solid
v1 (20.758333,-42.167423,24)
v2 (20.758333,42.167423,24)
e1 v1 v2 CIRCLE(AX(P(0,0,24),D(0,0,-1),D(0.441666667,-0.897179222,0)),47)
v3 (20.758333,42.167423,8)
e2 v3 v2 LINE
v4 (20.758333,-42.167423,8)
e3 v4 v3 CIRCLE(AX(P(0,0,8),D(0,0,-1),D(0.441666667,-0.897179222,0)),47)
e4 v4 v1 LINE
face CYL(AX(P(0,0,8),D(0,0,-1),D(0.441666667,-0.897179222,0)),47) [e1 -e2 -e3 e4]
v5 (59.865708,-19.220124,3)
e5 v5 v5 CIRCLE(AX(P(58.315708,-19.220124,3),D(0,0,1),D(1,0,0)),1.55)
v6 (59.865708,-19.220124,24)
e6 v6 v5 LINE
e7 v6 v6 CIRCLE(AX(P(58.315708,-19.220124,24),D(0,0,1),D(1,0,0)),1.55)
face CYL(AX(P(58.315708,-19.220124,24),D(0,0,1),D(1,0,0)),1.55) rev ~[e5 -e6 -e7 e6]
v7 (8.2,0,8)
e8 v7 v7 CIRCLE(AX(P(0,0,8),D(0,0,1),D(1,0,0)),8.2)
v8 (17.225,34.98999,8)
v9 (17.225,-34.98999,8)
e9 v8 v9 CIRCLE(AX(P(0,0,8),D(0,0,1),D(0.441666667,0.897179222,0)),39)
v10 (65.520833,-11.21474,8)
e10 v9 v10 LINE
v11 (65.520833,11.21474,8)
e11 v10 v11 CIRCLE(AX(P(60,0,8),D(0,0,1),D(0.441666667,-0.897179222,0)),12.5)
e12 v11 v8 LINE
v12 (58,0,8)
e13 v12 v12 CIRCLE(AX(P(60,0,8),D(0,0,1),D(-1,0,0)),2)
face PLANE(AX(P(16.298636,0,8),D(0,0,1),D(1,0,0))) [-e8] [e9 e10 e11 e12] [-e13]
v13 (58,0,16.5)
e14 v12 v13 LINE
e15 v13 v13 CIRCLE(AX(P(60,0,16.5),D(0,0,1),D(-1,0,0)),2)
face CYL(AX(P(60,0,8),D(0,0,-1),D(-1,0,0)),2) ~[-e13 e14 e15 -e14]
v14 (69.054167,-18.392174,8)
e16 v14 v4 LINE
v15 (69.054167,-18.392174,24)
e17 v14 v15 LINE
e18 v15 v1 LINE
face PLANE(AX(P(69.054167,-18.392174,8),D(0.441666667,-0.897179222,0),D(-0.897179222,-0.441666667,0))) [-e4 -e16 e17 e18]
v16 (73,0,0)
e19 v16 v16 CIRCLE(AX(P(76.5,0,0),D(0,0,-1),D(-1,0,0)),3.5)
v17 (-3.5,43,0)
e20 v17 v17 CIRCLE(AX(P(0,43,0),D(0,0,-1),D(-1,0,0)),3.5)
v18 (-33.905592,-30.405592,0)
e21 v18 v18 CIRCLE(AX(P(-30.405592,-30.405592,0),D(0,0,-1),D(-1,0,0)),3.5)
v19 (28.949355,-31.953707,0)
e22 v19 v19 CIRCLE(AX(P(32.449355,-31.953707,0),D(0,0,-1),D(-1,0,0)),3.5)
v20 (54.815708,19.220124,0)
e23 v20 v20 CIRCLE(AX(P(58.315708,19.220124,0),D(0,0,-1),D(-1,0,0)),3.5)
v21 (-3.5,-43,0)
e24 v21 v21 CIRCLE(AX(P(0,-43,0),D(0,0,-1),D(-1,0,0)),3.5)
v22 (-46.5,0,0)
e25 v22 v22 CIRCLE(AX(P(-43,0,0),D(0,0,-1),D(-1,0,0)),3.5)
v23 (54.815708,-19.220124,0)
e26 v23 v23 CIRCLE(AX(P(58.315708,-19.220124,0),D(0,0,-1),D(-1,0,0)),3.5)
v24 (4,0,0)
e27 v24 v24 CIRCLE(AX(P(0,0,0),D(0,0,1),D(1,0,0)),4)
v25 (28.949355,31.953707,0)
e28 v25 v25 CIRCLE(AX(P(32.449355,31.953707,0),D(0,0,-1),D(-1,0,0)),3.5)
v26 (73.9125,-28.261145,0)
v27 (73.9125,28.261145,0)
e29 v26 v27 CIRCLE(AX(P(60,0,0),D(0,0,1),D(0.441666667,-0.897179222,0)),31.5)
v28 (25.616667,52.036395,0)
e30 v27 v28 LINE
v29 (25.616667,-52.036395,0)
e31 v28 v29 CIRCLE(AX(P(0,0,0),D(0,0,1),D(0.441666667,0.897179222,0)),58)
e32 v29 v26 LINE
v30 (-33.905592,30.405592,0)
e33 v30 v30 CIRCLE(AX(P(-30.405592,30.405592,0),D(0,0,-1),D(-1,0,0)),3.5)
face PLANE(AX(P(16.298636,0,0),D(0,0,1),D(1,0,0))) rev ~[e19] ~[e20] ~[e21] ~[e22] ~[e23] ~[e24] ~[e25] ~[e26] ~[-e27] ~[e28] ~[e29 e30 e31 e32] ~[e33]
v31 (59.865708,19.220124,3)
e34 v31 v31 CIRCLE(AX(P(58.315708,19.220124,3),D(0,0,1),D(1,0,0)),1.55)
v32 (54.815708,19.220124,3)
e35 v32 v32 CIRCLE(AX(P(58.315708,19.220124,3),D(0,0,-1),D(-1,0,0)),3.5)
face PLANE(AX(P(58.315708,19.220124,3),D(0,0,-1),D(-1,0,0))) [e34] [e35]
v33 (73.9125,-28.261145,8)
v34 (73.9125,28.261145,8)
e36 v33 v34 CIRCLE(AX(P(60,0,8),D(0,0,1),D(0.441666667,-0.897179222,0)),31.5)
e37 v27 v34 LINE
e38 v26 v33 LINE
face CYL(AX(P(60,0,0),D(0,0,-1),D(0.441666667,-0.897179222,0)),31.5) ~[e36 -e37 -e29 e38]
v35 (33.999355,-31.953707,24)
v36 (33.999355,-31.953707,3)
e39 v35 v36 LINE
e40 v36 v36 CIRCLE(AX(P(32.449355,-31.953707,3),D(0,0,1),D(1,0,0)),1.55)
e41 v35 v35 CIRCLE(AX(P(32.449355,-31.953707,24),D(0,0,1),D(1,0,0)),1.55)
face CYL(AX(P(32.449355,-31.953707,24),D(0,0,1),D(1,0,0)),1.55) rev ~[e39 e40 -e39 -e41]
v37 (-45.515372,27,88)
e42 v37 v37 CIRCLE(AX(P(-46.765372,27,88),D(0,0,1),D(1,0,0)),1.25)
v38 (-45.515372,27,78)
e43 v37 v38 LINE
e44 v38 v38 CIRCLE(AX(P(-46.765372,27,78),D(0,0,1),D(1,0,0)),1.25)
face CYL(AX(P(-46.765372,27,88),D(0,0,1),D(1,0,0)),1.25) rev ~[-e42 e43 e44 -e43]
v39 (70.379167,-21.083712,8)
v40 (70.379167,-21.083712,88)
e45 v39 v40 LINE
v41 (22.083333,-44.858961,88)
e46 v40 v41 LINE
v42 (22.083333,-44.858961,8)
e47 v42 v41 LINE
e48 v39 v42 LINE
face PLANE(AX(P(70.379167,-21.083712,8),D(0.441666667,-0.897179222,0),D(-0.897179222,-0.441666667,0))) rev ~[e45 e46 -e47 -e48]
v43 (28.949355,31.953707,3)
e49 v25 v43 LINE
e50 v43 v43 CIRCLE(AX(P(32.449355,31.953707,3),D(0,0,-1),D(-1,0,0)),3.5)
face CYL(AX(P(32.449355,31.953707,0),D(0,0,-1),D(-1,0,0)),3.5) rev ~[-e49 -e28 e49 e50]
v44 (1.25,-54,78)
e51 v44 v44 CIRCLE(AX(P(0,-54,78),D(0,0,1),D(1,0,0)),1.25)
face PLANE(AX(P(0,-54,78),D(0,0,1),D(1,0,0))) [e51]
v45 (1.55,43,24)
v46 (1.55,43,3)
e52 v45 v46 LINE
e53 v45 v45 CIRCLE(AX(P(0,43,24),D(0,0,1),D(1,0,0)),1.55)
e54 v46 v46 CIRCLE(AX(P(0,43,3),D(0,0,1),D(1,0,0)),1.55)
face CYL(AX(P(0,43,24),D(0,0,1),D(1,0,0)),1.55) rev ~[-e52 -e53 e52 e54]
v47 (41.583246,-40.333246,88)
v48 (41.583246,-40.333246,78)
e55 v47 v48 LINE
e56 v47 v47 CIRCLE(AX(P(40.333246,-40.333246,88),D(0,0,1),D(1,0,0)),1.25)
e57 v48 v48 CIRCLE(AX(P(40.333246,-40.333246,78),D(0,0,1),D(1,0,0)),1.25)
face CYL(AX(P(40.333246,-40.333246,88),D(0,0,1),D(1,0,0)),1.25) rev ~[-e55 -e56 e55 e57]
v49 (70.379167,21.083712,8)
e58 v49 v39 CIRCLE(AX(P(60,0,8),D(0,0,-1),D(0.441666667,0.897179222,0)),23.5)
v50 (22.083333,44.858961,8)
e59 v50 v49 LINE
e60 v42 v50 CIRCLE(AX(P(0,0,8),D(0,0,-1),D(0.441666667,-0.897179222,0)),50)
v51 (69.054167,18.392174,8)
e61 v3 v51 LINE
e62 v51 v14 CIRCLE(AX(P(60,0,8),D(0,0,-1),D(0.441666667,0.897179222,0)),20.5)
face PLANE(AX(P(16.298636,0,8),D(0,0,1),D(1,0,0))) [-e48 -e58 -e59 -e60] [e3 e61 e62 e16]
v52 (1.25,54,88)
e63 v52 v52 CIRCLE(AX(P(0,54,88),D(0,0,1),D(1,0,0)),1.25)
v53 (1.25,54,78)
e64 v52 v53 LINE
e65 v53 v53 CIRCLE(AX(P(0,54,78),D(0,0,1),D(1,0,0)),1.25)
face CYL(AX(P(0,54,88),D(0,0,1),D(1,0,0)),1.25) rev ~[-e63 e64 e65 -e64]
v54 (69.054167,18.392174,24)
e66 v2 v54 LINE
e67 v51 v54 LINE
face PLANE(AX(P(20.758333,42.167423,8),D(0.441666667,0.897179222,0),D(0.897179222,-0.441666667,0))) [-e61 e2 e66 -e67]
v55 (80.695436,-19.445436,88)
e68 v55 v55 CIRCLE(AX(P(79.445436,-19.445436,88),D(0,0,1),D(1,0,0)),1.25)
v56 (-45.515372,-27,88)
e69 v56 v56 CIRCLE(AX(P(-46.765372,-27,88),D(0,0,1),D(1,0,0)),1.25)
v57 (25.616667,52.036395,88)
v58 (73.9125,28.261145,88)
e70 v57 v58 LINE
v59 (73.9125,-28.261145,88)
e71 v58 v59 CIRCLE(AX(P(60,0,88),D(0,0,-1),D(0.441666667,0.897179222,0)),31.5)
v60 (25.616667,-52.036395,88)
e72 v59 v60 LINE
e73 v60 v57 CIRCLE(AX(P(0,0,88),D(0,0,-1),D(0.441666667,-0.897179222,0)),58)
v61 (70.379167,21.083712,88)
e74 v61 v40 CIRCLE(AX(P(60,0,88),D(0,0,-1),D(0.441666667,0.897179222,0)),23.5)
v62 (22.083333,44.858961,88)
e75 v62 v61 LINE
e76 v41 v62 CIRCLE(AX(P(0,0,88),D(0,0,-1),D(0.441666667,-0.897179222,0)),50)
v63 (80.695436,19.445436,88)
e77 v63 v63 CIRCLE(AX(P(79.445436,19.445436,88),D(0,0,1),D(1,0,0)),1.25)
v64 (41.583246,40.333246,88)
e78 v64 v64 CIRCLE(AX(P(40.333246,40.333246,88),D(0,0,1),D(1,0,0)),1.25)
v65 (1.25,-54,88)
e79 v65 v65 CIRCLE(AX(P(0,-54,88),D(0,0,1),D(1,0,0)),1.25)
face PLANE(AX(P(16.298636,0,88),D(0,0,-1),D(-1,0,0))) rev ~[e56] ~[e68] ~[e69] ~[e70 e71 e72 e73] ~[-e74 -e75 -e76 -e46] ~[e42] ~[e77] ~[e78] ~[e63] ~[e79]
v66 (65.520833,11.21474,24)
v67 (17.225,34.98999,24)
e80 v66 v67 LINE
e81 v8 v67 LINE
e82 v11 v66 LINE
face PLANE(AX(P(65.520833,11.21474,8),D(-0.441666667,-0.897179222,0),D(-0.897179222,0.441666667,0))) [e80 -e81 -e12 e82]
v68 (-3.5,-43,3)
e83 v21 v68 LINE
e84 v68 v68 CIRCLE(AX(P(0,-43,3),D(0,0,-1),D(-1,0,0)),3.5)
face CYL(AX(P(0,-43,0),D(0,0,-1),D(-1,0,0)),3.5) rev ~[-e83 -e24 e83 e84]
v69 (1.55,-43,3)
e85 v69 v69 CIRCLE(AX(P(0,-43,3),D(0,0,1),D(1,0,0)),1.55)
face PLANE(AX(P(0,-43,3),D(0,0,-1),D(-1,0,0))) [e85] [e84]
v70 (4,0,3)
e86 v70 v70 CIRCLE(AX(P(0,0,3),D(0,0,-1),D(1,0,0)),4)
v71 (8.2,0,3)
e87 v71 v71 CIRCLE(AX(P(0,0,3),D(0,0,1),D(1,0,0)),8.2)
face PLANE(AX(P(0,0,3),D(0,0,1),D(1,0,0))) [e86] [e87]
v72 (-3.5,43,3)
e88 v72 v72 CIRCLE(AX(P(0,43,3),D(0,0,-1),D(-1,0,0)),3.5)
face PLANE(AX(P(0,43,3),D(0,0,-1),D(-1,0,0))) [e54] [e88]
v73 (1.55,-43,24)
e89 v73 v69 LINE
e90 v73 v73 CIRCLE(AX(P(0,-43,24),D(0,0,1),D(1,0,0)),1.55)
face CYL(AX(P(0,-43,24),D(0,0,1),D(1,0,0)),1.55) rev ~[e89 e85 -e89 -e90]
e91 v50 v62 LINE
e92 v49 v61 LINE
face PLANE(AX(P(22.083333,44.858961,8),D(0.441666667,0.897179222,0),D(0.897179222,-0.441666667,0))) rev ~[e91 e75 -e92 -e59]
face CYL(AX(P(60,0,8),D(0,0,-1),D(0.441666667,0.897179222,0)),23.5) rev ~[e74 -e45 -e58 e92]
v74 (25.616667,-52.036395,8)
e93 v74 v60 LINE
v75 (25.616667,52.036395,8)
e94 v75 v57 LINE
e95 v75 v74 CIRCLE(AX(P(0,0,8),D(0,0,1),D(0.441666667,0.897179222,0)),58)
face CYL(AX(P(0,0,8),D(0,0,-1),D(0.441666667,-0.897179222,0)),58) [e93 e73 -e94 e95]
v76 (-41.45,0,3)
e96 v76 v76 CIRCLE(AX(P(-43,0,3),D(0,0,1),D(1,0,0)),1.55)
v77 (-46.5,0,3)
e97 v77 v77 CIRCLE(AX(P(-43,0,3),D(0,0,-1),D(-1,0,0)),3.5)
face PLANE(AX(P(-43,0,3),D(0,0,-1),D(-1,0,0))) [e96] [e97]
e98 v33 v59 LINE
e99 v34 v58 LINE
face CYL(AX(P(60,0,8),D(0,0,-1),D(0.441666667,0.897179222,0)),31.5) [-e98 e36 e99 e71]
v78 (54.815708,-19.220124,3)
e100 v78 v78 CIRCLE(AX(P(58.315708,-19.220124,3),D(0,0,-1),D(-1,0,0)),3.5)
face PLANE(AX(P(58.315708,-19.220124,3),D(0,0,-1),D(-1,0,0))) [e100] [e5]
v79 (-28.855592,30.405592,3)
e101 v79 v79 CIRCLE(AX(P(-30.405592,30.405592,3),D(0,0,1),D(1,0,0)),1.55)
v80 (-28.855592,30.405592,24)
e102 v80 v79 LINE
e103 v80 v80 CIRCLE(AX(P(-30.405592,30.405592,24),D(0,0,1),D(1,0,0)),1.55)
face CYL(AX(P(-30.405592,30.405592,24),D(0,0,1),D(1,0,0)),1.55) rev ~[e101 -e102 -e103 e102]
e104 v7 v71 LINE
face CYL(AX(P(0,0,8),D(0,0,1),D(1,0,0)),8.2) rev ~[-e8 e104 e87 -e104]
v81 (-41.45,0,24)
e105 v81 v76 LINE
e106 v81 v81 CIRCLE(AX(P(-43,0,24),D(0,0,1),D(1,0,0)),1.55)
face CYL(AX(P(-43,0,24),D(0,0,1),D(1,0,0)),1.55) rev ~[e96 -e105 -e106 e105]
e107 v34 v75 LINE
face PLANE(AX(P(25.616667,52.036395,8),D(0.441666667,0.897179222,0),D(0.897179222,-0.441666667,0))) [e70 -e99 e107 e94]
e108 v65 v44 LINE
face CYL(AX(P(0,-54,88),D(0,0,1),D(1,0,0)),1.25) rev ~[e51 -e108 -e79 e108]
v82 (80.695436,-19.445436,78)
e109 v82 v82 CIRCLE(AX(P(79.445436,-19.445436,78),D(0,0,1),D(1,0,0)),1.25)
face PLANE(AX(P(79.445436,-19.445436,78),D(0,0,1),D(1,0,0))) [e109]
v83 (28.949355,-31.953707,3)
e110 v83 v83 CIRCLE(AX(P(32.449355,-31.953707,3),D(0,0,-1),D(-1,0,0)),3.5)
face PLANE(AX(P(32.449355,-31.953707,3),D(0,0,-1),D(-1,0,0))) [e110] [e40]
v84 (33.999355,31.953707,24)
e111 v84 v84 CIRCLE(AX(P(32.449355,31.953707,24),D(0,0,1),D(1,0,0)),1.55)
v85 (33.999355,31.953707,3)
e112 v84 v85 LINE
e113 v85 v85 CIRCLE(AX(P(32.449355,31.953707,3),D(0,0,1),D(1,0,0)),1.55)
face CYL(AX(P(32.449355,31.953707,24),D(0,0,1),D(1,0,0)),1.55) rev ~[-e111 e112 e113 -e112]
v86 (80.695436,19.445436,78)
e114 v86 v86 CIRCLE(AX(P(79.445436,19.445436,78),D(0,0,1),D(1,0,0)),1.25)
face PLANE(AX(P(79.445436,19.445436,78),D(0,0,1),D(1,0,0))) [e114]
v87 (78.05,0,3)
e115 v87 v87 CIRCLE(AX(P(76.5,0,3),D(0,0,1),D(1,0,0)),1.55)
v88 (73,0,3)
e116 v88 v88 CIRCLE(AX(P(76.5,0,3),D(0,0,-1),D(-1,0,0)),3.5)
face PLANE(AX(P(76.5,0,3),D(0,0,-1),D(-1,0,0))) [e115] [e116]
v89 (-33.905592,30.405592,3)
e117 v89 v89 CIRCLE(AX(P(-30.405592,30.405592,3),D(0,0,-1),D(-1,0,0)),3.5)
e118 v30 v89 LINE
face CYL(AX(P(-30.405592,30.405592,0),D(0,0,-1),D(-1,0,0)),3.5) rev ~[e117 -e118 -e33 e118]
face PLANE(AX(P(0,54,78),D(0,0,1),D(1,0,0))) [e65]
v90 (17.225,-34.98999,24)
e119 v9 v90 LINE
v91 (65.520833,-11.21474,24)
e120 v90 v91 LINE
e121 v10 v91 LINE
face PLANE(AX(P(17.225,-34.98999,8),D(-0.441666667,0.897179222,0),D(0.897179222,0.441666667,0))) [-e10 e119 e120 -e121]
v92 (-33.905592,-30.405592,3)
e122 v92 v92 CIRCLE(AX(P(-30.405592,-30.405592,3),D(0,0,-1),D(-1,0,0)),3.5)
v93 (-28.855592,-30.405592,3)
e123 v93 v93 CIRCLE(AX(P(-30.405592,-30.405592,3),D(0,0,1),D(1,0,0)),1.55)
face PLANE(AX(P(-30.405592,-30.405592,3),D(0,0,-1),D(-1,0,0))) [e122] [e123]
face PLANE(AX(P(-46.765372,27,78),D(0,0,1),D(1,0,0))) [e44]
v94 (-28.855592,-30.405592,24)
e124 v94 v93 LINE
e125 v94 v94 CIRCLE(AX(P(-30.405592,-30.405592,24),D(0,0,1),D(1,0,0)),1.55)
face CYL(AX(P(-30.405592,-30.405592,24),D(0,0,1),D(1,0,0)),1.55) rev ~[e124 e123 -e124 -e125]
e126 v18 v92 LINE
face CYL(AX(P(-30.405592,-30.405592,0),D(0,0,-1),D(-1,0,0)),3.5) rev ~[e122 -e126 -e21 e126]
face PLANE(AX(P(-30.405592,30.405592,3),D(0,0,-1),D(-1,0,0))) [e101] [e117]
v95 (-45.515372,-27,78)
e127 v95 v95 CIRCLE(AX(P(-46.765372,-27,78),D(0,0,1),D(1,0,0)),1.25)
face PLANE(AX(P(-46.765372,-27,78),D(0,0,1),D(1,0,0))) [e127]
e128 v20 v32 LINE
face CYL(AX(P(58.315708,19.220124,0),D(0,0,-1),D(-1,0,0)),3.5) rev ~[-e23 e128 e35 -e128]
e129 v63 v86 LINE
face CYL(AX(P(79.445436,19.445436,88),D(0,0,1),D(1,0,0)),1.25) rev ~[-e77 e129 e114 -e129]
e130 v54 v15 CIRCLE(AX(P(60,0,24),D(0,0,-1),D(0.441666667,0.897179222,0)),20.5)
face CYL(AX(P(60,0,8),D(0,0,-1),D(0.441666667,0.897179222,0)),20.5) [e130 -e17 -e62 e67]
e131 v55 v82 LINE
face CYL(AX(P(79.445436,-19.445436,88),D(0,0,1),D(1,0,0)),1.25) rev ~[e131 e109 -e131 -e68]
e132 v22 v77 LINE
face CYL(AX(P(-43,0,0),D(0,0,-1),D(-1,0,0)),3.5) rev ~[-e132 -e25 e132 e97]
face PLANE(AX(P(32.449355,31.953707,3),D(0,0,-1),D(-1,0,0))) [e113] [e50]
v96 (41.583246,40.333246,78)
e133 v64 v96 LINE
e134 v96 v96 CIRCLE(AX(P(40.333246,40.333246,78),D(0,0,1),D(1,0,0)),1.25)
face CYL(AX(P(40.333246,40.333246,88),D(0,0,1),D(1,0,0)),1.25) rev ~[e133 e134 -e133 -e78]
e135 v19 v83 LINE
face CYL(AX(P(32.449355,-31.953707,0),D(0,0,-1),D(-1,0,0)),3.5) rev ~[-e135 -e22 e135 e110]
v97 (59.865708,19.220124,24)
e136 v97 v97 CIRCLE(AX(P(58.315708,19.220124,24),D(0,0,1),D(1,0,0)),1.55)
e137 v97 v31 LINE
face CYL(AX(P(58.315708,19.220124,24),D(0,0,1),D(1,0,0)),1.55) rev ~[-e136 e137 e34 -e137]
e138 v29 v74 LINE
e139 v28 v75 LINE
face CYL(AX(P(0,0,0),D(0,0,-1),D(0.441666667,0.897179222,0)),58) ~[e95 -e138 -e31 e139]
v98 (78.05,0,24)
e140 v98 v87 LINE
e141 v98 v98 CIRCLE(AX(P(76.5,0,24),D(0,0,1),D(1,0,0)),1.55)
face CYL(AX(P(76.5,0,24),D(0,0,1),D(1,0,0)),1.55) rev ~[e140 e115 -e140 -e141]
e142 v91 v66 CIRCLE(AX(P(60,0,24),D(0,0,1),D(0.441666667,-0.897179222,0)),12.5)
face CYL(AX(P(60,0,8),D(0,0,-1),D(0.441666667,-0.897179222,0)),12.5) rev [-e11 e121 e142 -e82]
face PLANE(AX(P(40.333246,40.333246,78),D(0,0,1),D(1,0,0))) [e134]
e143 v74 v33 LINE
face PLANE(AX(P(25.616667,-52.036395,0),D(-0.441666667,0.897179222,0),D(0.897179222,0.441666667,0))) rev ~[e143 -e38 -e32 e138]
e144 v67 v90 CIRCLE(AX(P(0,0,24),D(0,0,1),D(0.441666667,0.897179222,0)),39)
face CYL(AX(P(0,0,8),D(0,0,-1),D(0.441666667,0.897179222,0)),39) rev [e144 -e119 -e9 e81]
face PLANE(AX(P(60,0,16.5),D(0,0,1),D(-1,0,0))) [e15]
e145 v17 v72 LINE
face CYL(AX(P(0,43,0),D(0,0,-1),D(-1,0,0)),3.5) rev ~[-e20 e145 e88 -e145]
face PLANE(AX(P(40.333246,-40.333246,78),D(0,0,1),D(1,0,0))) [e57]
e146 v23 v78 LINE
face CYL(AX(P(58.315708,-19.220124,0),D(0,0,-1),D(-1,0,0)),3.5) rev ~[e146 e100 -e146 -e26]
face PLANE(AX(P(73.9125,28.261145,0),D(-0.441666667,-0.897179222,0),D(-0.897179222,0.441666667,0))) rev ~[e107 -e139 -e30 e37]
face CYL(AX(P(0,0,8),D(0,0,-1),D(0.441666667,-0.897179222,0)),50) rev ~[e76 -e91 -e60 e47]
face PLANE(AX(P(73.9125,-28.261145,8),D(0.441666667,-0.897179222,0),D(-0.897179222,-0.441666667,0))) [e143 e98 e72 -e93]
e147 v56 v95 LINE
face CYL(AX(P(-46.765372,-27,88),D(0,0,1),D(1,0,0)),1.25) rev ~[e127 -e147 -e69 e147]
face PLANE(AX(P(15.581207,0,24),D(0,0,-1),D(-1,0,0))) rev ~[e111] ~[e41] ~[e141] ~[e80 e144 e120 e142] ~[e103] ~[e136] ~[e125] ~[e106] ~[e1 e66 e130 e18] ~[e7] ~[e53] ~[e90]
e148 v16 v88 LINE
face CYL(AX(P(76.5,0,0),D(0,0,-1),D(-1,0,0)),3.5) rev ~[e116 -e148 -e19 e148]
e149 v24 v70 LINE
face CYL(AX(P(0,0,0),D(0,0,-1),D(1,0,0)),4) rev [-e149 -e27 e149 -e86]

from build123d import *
from build123d.topology import SkipClean

# Parameters (mm, degrees)
SKETCH1_R           = 4
BOSS_EXTRUDE2_DEPTH = 8
BOSS_EXTRUDE3_DEPTH = 16
SKETCH6_R           = 1.55
CUT_EXTRUDE1_DEPTH  = 24
SKETCH7_R           = 8.2
CUT_EXTRUDE2_DEPTH  = 5
SKETCH8_R           = 2
BOSS_EXTRUDE4_DEPTH = 8.5
SKETCH9_R           = 3.5
CUT_EXTRUDE3_DEPTH  = 3
BOSS_EXTRUDE5_DEPTH = 80
SKETCH11_R          = 1.25
CUT_EXTRUDE4_DEPTH  = 10


with BuildPart() as part:
    # Sketch1 → Boss-Extrude2 (new body)
    with BuildSketch(Plane.XY):
        with BuildLine():
            Line((73.9125, 28.261145478), (25.616666667, 52.036394849))
            ThreePointArc((25.616666667, 52.036394849), (-58, 0), (25.616666667, -52.036394849))
            Line((25.616666667, -52.036394849), (73.9125, -28.261145478))
            ThreePointArc((73.9125, -28.261145478), (91.5, 0), (73.9125, 28.261145478))
        make_face()
        Circle(SKETCH1_R, mode=Mode.SUBTRACT)
    extrude(amount=BOSS_EXTRUDE2_DEPTH)

    # Sketch5 → Boss-Extrude3 (add)
    with BuildSketch(Plane.XY.offset(8)):
        with BuildLine():
            Line((20.758333333, 42.167423412), (69.054166667, 18.392174041))
            ThreePointArc((69.054166667, 18.392174041), (80.5, 0), (69.054166667, -18.392174041))
            Line((69.054166667, -18.392174041), (20.758333333, -42.167423412))
            ThreePointArc((20.758333333, -42.167423412), (-47, 0), (20.758333333, 42.167423412))
        make_face()
        with BuildLine():
            Line((65.520833333, 11.214740269), (17.225, 34.98998964))
            ThreePointArc((17.225, 34.98998964), (-39, 0), (17.225, -34.98998964))
            Line((17.225, -34.98998964), (65.520833333, -11.214740269))
            ThreePointArc((65.520833333, -11.214740269), (72.5, 0), (65.520833333, 11.214740269))
        make_face(mode=Mode.SUBTRACT)
    extrude(amount=BOSS_EXTRUDE3_DEPTH)

    # Sketch6 → Cut-Extrude1 (cut)
    with BuildSketch(Plane.XY.offset(24)):
        with Locations((0, 43)):
            Circle(SKETCH6_R)
        with Locations((-30.405591591, 30.405591591)):
            Circle(SKETCH6_R)
        with Locations((-43, 0)):
            Circle(SKETCH6_R)
        with Locations((-30.405591591, -30.405591591)):
            Circle(SKETCH6_R)
        with Locations((0, -43)):
            Circle(SKETCH6_R)
        with Locations((76.5, 0)):
            Circle(SKETCH6_R)
        with Locations((58.315707785, 19.220123822)):
            Circle(SKETCH6_R)
        with Locations((32.44935499, 31.953706526)):
            Circle(SKETCH6_R)
        with Locations((58.315707785, -19.220123822)):
            Circle(SKETCH6_R)
        with Locations((32.44935499, -31.953706526)):
            Circle(SKETCH6_R)
    extrude(amount=-CUT_EXTRUDE1_DEPTH, mode=Mode.SUBTRACT)

    # Sketch7 → Cut-Extrude2 (cut)
    with BuildSketch(Plane.XY.offset(8)):
        Circle(SKETCH7_R)
    extrude(amount=-CUT_EXTRUDE2_DEPTH, mode=Mode.SUBTRACT)

    # Sketch8 → Boss-Extrude4 (add)
    with BuildSketch(Plane.XY.offset(8)):
        with Locations(Location((60, 0, 0), (0, 0, 180))):
            Circle(SKETCH8_R)
    extrude(amount=BOSS_EXTRUDE4_DEPTH)

    # Sketch9 → Cut-Extrude3 (cut)
    with BuildSketch(Plane(origin=(0, 0, 0), x_dir=(-1, 0, 0), z_dir=(0, 0, -1))):
        with Locations((0, 43)):
            Circle(SKETCH9_R)
        with Locations((30.405591591, 30.405591591)):
            Circle(SKETCH9_R)
        with Locations((43, 0)):
            Circle(SKETCH9_R)
        with Locations((30.405591591, -30.405591591)):
            Circle(SKETCH9_R)
        with Locations((0, -43)):
            Circle(SKETCH9_R)
        with Locations((-32.44935499, 31.953706526)):
            Circle(SKETCH9_R)
        with Locations((-32.44935499, -31.953706526)):
            Circle(SKETCH9_R)
        with Locations((-58.315707785, -19.220123822)):
            Circle(SKETCH9_R)
        with Locations((-58.315707785, 19.220123822)):
            Circle(SKETCH9_R)
        with Locations((-76.5, 0)):
            Circle(SKETCH9_R)
    extrude(amount=-CUT_EXTRUDE3_DEPTH, mode=Mode.SUBTRACT)

    # Sketch10 → Boss-Extrude5 (add)
    with SkipClean():  # the faces are left unmerged after this step: merging them gives an invalid solid
        with BuildSketch(Plane.XY.offset(8)):
            with BuildLine():
                Line((25.616666667, 52.036394849), (73.9125, 28.261145478))
                ThreePointArc((73.9125, 28.261145478), (91.5, 0), (73.9125, -28.261145478))
                Line((73.9125, -28.261145478), (25.616666667, -52.036394849))
                ThreePointArc((25.616666667, -52.036394849), (-58, 0), (25.616666667, 52.036394849))
            make_face()
            with BuildLine():
                Line((22.083333333, 44.858961077), (70.379166667, 21.083711706))
                ThreePointArc((70.379166667, 21.083711706), (83.5, 0), (70.379166667, -21.083711706))
                Line((70.379166667, -21.083711706), (22.083333333, -44.858961077))
                ThreePointArc((22.083333333, -44.858961077), (-50, 0), (22.083333333, 44.858961077))
            make_face(mode=Mode.SUBTRACT)
        extrude(amount=BOSS_EXTRUDE5_DEPTH)

    # Sketch11 → Cut-Extrude4 (cut)
    with SkipClean():  # the faces are left unmerged after this step: merging them gives an invalid solid
        with BuildSketch(Plane.XY.offset(88)):
            with Locations((0, 54)):
                Circle(SKETCH11_R)
            with Locations((-46.765371804, 27)):
                Circle(SKETCH11_R)
            with Locations((-46.765371804, -27)):
                Circle(SKETCH11_R)
            with Locations((0, -54)):
                Circle(SKETCH11_R)
            with Locations((40.333245578, 40.333245578)):
                Circle(SKETCH11_R)
            with Locations((40.333245578, -40.333245578)):
                Circle(SKETCH11_R)
            with Locations((79.445436483, 19.445436483)):
                Circle(SKETCH11_R)
            with Locations((79.445436483, -19.445436483)):
                Circle(SKETCH11_R)
        extrude(amount=-CUT_EXTRUDE4_DEPTH, mode=Mode.SUBTRACT)


solid = part.part
